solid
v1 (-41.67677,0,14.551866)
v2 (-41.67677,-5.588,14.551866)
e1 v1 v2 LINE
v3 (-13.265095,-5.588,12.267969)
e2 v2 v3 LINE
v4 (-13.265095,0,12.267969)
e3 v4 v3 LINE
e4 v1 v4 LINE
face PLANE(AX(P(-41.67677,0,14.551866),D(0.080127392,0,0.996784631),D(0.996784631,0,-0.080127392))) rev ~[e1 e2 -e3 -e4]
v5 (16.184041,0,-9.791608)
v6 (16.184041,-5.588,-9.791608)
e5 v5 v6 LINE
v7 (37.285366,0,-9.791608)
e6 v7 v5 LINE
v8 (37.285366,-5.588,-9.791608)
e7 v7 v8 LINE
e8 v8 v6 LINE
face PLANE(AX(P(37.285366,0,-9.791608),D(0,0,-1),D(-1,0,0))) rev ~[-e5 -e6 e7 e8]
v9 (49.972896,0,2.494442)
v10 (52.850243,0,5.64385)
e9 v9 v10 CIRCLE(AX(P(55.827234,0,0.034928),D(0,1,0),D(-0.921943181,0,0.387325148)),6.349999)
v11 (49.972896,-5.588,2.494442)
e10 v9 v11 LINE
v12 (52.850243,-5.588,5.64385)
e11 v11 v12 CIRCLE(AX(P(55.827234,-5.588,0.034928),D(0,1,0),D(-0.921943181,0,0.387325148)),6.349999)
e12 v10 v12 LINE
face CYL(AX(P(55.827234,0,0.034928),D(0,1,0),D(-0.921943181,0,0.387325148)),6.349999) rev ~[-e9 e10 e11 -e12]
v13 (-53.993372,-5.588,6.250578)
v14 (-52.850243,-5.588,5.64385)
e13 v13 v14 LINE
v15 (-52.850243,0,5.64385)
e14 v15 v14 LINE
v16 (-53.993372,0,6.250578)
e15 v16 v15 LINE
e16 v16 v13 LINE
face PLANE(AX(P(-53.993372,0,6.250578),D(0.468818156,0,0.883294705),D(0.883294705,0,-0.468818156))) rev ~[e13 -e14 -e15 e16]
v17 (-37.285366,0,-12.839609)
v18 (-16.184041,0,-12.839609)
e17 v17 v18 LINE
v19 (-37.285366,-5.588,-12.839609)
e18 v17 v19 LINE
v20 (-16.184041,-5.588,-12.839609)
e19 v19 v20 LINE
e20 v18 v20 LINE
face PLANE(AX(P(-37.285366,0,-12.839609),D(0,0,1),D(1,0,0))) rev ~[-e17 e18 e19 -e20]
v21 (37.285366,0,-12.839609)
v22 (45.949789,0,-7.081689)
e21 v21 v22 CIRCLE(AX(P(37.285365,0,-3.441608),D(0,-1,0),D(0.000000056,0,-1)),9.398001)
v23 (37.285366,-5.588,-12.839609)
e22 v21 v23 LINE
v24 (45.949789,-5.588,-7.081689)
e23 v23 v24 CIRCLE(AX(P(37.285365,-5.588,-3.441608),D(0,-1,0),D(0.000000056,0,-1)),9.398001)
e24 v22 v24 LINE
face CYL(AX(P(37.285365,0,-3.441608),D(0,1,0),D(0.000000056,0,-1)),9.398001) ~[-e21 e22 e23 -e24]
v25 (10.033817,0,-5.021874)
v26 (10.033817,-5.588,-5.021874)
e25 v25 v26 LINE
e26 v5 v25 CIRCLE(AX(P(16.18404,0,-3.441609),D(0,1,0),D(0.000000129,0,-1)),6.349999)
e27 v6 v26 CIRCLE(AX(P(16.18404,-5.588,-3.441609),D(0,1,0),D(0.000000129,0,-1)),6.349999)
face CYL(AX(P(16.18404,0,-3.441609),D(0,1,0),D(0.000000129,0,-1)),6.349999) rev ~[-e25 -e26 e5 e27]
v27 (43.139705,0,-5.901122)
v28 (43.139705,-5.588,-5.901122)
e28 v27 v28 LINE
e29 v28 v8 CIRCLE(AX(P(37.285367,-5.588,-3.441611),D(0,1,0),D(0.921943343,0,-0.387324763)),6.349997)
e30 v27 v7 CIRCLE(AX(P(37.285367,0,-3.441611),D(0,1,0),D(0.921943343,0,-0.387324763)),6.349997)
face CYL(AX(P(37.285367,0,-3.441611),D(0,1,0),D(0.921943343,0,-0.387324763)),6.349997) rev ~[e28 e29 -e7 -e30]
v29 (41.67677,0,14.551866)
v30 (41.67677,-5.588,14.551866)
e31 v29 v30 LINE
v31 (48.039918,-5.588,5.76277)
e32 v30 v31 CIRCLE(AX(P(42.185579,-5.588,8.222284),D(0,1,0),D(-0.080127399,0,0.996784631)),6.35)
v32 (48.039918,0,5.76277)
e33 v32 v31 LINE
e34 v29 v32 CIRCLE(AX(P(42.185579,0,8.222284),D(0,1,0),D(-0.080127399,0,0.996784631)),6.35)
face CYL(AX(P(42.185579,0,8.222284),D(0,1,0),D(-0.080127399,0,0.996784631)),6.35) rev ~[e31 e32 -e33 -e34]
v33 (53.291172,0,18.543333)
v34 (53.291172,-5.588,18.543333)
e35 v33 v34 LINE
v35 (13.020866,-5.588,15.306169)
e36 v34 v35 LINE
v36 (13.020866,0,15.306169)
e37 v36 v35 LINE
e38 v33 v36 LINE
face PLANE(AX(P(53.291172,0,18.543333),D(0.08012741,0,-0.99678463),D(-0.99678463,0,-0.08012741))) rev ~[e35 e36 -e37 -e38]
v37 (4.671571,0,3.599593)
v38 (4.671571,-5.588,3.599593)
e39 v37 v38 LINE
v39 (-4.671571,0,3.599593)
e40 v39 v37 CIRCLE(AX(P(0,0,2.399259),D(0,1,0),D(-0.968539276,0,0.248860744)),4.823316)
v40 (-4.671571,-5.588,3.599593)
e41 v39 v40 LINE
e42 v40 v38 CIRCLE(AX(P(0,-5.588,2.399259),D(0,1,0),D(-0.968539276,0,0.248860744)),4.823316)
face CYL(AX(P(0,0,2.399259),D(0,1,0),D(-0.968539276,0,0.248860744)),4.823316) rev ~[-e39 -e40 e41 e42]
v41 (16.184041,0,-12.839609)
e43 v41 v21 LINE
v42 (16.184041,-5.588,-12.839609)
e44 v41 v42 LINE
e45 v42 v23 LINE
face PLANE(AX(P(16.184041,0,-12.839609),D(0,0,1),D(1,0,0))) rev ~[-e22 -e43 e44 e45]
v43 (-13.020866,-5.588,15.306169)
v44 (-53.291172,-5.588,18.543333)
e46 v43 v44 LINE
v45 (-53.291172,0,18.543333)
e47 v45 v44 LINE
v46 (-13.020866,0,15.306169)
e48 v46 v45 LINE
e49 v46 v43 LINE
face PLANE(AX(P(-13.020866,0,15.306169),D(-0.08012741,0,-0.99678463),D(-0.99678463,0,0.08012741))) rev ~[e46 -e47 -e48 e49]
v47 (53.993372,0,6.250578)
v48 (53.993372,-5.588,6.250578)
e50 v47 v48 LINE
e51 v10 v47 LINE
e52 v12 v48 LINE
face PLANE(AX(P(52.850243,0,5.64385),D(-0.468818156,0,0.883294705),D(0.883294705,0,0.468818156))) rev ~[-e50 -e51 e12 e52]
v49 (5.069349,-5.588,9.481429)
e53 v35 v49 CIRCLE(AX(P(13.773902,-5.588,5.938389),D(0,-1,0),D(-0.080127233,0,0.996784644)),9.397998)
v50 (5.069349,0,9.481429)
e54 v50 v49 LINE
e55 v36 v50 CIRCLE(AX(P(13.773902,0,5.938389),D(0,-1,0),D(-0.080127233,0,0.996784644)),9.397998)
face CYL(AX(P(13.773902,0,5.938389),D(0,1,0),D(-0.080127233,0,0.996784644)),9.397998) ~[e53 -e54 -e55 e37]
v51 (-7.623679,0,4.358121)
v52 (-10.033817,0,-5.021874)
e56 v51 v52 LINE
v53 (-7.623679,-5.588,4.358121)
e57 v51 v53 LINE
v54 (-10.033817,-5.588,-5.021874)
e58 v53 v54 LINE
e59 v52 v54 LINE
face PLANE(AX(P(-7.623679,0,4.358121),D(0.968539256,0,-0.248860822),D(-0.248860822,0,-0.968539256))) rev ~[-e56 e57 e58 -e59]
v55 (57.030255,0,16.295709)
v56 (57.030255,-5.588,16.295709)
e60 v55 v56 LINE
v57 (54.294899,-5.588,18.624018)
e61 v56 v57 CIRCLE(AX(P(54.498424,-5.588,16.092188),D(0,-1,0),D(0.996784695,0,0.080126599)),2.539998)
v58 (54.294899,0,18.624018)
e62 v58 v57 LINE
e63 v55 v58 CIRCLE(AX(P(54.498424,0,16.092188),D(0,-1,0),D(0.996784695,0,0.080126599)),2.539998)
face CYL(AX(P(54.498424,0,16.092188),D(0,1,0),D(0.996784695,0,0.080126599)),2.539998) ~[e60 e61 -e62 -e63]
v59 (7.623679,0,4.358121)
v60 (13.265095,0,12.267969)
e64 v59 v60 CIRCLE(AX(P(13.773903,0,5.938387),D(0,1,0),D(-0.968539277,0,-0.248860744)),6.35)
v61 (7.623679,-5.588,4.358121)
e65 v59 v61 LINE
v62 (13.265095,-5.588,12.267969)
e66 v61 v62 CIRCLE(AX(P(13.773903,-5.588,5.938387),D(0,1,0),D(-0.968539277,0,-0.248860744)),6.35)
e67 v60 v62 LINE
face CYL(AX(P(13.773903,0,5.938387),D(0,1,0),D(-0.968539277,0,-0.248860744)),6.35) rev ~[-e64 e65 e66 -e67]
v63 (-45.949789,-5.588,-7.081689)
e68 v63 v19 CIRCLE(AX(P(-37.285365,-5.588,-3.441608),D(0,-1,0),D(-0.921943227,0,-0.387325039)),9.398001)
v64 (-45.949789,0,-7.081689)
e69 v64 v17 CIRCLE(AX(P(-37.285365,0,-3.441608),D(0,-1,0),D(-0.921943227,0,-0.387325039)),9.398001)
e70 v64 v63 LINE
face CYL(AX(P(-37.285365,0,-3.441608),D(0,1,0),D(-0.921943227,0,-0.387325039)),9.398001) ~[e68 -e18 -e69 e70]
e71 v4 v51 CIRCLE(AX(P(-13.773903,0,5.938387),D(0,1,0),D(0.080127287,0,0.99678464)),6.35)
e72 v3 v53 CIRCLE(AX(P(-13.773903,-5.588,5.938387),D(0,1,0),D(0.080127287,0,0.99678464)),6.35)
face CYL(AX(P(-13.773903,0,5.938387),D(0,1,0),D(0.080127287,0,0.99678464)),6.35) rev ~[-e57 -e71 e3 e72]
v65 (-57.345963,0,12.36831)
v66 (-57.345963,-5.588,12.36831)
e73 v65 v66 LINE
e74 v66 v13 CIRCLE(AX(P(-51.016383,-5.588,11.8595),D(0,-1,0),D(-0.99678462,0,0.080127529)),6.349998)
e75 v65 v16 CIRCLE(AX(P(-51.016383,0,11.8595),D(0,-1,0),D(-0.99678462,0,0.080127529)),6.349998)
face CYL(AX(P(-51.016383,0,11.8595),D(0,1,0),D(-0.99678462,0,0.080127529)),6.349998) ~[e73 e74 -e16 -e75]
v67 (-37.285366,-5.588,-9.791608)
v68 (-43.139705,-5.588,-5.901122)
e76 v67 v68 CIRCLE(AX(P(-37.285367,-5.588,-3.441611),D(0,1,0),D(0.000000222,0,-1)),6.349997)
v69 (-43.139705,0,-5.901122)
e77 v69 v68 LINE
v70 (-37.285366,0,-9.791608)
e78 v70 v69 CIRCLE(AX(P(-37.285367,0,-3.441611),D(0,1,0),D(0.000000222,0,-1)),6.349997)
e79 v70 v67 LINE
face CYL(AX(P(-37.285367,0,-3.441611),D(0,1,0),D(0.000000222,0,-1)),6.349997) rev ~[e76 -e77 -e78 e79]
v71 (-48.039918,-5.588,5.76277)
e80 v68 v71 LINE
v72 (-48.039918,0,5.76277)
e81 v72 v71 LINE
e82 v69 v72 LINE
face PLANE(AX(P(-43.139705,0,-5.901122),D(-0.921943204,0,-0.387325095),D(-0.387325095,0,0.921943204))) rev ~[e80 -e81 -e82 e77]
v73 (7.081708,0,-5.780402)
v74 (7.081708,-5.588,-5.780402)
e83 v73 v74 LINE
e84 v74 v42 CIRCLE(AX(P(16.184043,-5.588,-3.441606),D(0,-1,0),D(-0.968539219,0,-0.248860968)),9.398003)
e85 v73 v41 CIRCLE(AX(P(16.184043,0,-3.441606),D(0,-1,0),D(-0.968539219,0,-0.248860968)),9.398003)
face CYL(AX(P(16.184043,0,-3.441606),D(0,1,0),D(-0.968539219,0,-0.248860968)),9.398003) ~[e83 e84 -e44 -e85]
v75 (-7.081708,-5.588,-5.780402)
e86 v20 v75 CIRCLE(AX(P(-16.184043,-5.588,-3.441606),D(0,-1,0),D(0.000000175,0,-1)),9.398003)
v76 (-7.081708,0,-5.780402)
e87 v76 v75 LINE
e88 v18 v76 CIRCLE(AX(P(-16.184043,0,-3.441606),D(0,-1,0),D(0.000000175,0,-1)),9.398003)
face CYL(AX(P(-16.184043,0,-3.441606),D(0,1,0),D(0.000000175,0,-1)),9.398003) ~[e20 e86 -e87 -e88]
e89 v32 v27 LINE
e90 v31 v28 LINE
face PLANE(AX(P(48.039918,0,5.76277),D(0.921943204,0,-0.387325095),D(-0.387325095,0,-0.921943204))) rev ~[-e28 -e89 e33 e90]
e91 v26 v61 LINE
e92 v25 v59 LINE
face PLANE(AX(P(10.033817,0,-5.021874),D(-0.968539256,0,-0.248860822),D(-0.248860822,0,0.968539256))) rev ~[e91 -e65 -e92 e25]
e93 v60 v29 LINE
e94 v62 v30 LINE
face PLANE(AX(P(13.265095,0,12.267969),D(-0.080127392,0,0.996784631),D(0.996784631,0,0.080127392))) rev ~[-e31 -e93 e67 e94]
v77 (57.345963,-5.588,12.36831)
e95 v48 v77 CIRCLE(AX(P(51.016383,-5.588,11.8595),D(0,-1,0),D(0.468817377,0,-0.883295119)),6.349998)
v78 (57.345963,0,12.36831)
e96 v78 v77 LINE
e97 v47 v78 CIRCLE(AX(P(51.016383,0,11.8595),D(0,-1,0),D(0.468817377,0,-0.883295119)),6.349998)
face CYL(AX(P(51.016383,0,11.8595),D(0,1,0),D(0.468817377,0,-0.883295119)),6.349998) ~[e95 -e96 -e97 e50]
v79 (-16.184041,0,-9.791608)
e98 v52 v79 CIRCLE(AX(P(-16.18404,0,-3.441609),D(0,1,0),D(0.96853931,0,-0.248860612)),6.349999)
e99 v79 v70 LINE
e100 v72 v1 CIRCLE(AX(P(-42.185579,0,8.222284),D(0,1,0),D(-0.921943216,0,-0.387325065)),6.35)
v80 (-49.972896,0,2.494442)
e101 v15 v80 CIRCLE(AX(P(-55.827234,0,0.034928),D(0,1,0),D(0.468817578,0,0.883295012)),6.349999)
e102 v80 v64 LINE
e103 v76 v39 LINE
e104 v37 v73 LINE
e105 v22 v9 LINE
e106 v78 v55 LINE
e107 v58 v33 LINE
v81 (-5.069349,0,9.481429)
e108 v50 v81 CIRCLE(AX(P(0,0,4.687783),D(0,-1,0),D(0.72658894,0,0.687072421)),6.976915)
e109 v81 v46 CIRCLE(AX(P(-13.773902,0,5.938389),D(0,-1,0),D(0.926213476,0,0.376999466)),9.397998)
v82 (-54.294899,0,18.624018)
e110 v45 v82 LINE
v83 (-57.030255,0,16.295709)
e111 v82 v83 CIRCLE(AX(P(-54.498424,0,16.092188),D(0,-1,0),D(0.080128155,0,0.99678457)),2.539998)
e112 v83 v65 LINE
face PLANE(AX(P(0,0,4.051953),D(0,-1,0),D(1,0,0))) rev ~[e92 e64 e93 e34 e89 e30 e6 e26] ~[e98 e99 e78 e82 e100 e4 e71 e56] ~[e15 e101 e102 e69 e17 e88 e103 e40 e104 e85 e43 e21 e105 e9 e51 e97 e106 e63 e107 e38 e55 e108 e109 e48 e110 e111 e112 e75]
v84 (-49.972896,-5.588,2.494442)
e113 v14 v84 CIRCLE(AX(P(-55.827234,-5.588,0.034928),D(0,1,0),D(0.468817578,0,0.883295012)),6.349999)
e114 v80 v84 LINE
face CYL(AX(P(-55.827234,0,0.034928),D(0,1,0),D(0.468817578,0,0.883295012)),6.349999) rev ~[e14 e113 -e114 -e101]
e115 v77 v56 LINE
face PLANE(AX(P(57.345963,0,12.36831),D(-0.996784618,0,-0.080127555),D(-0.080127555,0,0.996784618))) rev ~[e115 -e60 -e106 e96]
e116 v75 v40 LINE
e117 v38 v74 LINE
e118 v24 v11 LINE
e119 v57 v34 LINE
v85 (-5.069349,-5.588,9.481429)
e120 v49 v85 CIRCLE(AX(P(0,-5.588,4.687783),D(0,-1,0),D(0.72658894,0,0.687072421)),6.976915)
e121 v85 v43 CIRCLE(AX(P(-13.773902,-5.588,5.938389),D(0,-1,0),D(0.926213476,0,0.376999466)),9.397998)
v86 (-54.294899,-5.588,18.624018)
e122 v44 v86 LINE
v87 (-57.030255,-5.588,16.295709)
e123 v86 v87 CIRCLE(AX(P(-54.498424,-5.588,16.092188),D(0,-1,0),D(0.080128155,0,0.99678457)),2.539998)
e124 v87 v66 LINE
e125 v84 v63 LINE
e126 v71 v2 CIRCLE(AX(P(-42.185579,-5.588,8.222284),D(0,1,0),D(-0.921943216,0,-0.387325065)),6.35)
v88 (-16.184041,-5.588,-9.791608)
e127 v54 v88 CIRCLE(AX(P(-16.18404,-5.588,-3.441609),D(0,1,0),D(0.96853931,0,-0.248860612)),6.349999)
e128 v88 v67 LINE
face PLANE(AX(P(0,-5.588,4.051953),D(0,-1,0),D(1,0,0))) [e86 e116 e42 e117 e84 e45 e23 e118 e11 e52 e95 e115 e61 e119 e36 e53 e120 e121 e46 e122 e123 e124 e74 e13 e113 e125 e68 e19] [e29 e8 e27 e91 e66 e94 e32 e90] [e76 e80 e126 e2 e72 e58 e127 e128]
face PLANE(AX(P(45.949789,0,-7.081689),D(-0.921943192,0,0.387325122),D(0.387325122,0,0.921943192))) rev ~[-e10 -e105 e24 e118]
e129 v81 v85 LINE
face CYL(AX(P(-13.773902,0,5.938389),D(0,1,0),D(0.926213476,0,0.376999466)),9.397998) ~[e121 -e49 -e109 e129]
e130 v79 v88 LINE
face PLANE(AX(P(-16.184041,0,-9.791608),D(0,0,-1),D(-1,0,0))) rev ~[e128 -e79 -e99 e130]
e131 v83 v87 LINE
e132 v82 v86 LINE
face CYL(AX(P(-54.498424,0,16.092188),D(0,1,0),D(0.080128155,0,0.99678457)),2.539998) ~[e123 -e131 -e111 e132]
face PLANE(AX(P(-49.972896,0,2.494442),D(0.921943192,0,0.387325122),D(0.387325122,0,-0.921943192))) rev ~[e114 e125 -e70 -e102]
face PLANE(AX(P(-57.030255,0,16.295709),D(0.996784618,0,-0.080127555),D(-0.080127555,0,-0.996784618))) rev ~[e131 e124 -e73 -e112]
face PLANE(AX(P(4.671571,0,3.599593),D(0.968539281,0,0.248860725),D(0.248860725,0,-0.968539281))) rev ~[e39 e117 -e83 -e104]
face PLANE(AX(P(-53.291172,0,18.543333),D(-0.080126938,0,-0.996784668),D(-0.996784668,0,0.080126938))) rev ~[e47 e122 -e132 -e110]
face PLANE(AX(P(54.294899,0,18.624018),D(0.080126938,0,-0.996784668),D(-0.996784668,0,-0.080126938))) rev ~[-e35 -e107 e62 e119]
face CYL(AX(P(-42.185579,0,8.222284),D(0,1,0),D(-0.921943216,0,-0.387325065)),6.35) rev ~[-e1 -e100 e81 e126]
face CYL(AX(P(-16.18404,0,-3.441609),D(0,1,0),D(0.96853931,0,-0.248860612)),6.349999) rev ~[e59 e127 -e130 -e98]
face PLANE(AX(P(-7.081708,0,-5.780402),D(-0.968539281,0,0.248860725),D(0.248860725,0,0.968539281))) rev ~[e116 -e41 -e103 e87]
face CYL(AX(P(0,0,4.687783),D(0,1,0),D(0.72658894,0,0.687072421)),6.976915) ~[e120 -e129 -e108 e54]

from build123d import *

# Parameters (mm, degrees)
F1_DEPTH = 5.588


with BuildPart() as f1:
    # F0 (on Front) → F1 (new body)
    with BuildSketch(Plane.XZ):
        with BuildLine():
            Line((53.291172, 18.543333), (13.020866, 15.306169))
            ThreePointArc((13.020866, 15.306169), (8.220219, 13.519878), (5.069349, 9.481429))
            ThreePointArc((5.069349, 9.481429), (0, 11.664698), (-5.069349, 9.481429))
            ThreePointArc((-5.069349, 9.481429), (-8.220219, 13.519878), (-13.020866, 15.306169))
            Line((-13.020866, 15.306169), (-53.291172, 18.543333))
            Line((-53.291172, 18.543333), (-54.294899, 18.624018))
            ThreePointArc((-54.294899, 18.624018), (-56.144786, 18.026375), (-57.030255, 16.295709))
            Line((-57.030255, 16.295709), (-57.345963, 12.36831))
            ThreePointArc((-57.345963, 12.36831), (-56.58502, 8.80782), (-53.993372, 6.250578))
            Line((-53.993372, 6.250578), (-52.850243, 5.64385))
            ThreePointArc((-52.850243, 5.64385), (-51.139187, 4.317999), (-49.972896, 2.494442))
            Line((-49.972896, 2.494442), (-45.949789, -7.081689))
            ThreePointArc((-45.949789, -7.081689), (-42.486949, -11.268865), (-37.285366, -12.839609))
            Line((-37.285366, -12.839609), (-16.184041, -12.839609))
            ThreePointArc((-16.184041, -12.839609), (-10.424595, -10.867993), (-7.081708, -5.780402))
            Line((-7.081708, -5.780402), (-4.671571, 3.599593))
            ThreePointArc((-4.671571, 3.599593), (0, 7.222575), (4.671571, 3.599593))
            Line((4.671571, 3.599593), (7.081708, -5.780402))
            ThreePointArc((7.081708, -5.780402), (10.424595, -10.867993), (16.184041, -12.839609))
            Line((16.184041, -12.839609), (37.285366, -12.839609))
            ThreePointArc((37.285366, -12.839609), (42.486949, -11.268865), (45.949789, -7.081689))
            Line((45.949789, -7.081689), (49.972896, 2.494442))
            ThreePointArc((49.972896, 2.494442), (51.139187, 4.317999), (52.850243, 5.64385))
            Line((52.850243, 5.64385), (53.993372, 6.250578))
            ThreePointArc((53.993372, 6.250578), (56.58502, 8.80782), (57.345963, 12.36831))
            Line((57.345963, 12.36831), (57.030255, 16.295709))
            ThreePointArc((57.030255, 16.295709), (56.144786, 18.026375), (54.294899, 18.624018))
            Line((54.294899, 18.624018), (53.291172, 18.543333))
        make_face()
        with BuildLine():
            Line((-16.184041, -9.791608), (-37.285366, -9.791608))
            ThreePointArc((-37.285366, -9.791608), (-40.799949, -8.730295), (-43.139705, -5.901122))
            Line((-43.139705, -5.901122), (-48.039918, 5.76277))
            ThreePointArc((-48.039918, 5.76277), (-47.329092, 11.946095), (-41.67677, 14.551866))
            Line((-41.67677, 14.551866), (-13.265095, 12.267969))
            ThreePointArc((-13.265095, 12.267969), (-8.604077, 9.62558), (-7.623679, 4.358121))
            Line((-7.623679, 4.358121), (-10.033817, -5.021874))
            ThreePointArc((-10.033817, -5.021874), (-12.292524, -8.459436), (-16.184041, -9.791608))
        make_face(mode=Mode.SUBTRACT)
        with BuildLine():
            ThreePointArc((7.623679, 4.358121), (8.604077, 9.62558), (13.265095, 12.267969))
            Line((13.265095, 12.267969), (41.67677, 14.551866))
            ThreePointArc((41.67677, 14.551866), (47.329092, 11.946095), (48.039918, 5.76277))
            Line((48.039918, 5.76277), (43.139705, -5.901122))
            ThreePointArc((43.139705, -5.901122), (40.799949, -8.730295), (37.285366, -9.791608))
            Line((37.285366, -9.791608), (16.184041, -9.791608))
            ThreePointArc((16.184041, -9.791608), (12.292524, -8.459436), (10.033817, -5.021874))
            Line((10.033817, -5.021874), (7.623679, 4.358121))
        make_face(mode=Mode.SUBTRACT)
    extrude(amount=F1_DEPTH)


solid = f1.part
